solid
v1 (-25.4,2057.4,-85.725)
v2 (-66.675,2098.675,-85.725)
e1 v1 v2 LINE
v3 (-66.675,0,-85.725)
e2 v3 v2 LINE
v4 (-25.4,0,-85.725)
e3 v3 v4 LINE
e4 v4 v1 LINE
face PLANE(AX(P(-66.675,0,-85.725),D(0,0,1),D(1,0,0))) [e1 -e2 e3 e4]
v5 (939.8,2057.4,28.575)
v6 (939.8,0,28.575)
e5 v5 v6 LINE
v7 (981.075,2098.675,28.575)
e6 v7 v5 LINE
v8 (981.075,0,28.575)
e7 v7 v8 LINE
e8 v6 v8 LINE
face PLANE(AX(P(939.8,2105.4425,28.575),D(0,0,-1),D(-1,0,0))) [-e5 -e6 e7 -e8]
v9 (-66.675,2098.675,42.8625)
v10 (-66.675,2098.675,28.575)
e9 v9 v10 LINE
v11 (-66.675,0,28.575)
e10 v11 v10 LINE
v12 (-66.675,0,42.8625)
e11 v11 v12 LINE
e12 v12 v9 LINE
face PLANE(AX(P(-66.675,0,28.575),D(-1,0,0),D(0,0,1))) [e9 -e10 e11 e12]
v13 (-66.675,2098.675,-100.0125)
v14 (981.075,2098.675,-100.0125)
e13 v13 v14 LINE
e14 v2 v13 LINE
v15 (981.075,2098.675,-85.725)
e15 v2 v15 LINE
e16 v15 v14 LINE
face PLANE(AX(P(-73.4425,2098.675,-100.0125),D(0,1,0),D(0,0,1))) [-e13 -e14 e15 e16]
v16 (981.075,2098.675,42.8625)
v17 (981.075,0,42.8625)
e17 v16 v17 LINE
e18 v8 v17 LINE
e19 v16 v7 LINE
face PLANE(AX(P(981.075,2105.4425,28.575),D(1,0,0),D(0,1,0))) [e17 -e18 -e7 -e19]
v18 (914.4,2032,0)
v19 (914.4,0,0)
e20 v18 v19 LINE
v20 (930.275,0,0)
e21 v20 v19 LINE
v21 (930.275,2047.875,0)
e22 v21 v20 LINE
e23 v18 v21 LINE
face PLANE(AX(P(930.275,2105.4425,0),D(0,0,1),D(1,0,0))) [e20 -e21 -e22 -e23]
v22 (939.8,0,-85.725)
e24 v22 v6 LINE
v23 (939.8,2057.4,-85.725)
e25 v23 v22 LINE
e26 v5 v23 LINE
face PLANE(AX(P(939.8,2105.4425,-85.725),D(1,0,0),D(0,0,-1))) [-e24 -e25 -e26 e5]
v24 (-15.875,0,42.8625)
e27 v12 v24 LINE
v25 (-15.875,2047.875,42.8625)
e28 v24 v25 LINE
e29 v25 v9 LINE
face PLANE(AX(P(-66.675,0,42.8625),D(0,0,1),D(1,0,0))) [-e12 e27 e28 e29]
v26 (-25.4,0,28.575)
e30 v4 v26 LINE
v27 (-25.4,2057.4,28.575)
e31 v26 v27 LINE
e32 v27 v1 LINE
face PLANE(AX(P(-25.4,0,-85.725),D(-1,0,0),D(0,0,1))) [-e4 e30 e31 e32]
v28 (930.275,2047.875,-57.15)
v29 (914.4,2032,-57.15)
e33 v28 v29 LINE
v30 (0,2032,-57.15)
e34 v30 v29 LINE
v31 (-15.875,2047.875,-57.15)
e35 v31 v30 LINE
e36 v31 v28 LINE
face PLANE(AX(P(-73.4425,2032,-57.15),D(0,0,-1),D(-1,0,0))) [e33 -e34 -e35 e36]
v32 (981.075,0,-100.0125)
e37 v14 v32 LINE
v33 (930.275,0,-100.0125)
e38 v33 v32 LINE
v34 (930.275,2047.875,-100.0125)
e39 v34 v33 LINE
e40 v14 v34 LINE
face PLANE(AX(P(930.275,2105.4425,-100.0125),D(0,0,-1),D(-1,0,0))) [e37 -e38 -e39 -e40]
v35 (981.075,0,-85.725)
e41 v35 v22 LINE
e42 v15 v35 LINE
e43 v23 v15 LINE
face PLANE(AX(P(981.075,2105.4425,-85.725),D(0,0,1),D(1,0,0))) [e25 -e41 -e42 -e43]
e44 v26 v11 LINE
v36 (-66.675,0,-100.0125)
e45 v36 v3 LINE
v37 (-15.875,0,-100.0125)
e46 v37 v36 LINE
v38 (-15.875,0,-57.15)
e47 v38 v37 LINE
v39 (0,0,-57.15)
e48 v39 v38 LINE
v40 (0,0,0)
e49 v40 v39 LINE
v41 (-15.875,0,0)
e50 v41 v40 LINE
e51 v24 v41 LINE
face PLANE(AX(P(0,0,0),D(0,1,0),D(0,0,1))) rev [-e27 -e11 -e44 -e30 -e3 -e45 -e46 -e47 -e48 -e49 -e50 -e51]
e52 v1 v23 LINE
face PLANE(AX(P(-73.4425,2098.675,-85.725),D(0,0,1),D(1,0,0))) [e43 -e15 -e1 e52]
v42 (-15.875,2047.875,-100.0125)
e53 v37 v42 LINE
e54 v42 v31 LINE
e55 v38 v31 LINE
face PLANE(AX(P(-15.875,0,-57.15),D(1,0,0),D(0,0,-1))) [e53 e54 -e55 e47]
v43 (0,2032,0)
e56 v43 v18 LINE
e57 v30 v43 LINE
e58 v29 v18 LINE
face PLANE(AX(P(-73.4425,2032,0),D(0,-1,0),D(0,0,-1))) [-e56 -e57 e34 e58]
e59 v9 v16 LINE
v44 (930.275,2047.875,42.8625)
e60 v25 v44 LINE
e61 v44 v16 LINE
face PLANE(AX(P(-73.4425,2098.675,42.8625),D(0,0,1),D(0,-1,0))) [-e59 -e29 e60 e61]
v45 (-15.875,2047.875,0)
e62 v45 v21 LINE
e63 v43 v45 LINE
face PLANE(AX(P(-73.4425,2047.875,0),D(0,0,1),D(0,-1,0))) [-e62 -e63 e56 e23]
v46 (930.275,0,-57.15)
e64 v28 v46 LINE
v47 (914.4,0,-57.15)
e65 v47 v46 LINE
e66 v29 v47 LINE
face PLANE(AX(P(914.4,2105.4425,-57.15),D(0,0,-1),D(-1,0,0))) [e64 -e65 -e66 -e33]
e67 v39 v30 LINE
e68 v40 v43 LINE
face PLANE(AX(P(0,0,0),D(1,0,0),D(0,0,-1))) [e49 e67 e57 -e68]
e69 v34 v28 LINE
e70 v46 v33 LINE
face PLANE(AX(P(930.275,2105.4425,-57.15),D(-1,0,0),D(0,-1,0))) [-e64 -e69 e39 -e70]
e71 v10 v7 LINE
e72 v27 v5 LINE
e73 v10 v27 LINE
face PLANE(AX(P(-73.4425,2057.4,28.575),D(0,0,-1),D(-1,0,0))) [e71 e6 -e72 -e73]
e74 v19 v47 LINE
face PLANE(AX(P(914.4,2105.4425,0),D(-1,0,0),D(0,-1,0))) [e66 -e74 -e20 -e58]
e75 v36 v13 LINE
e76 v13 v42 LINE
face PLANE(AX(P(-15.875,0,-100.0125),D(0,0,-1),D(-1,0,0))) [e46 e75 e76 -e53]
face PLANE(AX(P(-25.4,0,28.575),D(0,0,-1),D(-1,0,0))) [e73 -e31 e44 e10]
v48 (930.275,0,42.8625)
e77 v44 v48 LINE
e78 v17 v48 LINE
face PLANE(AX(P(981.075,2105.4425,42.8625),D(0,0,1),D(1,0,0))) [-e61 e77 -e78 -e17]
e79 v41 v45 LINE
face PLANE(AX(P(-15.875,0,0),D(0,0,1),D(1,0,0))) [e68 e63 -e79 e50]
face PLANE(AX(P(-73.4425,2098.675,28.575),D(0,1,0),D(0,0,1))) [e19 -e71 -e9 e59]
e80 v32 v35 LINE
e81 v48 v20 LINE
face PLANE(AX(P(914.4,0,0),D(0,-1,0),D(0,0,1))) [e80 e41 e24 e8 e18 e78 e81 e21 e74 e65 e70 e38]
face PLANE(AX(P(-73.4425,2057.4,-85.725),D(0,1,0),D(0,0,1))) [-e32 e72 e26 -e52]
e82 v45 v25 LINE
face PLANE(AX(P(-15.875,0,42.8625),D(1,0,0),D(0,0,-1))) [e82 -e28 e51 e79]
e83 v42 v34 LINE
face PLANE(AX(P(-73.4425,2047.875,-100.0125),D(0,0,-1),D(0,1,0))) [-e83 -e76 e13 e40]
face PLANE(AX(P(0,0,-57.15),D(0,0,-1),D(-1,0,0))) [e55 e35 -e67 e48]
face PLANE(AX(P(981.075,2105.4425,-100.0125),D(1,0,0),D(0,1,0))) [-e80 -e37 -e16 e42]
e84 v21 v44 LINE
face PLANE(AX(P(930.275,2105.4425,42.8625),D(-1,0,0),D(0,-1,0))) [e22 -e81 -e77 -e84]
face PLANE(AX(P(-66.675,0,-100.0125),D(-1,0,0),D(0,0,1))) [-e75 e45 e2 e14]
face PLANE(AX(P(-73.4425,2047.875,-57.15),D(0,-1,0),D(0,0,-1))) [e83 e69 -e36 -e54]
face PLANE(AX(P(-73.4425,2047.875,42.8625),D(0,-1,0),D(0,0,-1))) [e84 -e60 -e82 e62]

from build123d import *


with BuildPart() as part:
    # Sweep1: sweep along a path in Sketch1
    with BuildLine(Plane.XY) as sweep1_path:
        Line((0, 0), (0, 2032))
        Line((0, 2032), (914.4, 2032))
        Line((914.4, 2032), (914.4, 0))
    # Sketch2 → Sweep1 (sweep)
    with BuildSketch(Plane(origin=(0, 0, 0), x_dir=(1, 0, 0), z_dir=(0, 1, 0))):
        Polygon((0, 0), (0, 57.15), (-15.875, 57.15), (-15.875, 100.0125), (-66.675, 100.0125), (-66.675, 85.725), (-25.4, 85.725), (-25.4, -28.575), (-66.675, -28.575), (-66.675, -42.8625), (-15.875, -42.8625), (-15.875, 0), align=None)
    sweep(path=sweep1_path.line, transition=Transition.RIGHT)


solid = part.part
